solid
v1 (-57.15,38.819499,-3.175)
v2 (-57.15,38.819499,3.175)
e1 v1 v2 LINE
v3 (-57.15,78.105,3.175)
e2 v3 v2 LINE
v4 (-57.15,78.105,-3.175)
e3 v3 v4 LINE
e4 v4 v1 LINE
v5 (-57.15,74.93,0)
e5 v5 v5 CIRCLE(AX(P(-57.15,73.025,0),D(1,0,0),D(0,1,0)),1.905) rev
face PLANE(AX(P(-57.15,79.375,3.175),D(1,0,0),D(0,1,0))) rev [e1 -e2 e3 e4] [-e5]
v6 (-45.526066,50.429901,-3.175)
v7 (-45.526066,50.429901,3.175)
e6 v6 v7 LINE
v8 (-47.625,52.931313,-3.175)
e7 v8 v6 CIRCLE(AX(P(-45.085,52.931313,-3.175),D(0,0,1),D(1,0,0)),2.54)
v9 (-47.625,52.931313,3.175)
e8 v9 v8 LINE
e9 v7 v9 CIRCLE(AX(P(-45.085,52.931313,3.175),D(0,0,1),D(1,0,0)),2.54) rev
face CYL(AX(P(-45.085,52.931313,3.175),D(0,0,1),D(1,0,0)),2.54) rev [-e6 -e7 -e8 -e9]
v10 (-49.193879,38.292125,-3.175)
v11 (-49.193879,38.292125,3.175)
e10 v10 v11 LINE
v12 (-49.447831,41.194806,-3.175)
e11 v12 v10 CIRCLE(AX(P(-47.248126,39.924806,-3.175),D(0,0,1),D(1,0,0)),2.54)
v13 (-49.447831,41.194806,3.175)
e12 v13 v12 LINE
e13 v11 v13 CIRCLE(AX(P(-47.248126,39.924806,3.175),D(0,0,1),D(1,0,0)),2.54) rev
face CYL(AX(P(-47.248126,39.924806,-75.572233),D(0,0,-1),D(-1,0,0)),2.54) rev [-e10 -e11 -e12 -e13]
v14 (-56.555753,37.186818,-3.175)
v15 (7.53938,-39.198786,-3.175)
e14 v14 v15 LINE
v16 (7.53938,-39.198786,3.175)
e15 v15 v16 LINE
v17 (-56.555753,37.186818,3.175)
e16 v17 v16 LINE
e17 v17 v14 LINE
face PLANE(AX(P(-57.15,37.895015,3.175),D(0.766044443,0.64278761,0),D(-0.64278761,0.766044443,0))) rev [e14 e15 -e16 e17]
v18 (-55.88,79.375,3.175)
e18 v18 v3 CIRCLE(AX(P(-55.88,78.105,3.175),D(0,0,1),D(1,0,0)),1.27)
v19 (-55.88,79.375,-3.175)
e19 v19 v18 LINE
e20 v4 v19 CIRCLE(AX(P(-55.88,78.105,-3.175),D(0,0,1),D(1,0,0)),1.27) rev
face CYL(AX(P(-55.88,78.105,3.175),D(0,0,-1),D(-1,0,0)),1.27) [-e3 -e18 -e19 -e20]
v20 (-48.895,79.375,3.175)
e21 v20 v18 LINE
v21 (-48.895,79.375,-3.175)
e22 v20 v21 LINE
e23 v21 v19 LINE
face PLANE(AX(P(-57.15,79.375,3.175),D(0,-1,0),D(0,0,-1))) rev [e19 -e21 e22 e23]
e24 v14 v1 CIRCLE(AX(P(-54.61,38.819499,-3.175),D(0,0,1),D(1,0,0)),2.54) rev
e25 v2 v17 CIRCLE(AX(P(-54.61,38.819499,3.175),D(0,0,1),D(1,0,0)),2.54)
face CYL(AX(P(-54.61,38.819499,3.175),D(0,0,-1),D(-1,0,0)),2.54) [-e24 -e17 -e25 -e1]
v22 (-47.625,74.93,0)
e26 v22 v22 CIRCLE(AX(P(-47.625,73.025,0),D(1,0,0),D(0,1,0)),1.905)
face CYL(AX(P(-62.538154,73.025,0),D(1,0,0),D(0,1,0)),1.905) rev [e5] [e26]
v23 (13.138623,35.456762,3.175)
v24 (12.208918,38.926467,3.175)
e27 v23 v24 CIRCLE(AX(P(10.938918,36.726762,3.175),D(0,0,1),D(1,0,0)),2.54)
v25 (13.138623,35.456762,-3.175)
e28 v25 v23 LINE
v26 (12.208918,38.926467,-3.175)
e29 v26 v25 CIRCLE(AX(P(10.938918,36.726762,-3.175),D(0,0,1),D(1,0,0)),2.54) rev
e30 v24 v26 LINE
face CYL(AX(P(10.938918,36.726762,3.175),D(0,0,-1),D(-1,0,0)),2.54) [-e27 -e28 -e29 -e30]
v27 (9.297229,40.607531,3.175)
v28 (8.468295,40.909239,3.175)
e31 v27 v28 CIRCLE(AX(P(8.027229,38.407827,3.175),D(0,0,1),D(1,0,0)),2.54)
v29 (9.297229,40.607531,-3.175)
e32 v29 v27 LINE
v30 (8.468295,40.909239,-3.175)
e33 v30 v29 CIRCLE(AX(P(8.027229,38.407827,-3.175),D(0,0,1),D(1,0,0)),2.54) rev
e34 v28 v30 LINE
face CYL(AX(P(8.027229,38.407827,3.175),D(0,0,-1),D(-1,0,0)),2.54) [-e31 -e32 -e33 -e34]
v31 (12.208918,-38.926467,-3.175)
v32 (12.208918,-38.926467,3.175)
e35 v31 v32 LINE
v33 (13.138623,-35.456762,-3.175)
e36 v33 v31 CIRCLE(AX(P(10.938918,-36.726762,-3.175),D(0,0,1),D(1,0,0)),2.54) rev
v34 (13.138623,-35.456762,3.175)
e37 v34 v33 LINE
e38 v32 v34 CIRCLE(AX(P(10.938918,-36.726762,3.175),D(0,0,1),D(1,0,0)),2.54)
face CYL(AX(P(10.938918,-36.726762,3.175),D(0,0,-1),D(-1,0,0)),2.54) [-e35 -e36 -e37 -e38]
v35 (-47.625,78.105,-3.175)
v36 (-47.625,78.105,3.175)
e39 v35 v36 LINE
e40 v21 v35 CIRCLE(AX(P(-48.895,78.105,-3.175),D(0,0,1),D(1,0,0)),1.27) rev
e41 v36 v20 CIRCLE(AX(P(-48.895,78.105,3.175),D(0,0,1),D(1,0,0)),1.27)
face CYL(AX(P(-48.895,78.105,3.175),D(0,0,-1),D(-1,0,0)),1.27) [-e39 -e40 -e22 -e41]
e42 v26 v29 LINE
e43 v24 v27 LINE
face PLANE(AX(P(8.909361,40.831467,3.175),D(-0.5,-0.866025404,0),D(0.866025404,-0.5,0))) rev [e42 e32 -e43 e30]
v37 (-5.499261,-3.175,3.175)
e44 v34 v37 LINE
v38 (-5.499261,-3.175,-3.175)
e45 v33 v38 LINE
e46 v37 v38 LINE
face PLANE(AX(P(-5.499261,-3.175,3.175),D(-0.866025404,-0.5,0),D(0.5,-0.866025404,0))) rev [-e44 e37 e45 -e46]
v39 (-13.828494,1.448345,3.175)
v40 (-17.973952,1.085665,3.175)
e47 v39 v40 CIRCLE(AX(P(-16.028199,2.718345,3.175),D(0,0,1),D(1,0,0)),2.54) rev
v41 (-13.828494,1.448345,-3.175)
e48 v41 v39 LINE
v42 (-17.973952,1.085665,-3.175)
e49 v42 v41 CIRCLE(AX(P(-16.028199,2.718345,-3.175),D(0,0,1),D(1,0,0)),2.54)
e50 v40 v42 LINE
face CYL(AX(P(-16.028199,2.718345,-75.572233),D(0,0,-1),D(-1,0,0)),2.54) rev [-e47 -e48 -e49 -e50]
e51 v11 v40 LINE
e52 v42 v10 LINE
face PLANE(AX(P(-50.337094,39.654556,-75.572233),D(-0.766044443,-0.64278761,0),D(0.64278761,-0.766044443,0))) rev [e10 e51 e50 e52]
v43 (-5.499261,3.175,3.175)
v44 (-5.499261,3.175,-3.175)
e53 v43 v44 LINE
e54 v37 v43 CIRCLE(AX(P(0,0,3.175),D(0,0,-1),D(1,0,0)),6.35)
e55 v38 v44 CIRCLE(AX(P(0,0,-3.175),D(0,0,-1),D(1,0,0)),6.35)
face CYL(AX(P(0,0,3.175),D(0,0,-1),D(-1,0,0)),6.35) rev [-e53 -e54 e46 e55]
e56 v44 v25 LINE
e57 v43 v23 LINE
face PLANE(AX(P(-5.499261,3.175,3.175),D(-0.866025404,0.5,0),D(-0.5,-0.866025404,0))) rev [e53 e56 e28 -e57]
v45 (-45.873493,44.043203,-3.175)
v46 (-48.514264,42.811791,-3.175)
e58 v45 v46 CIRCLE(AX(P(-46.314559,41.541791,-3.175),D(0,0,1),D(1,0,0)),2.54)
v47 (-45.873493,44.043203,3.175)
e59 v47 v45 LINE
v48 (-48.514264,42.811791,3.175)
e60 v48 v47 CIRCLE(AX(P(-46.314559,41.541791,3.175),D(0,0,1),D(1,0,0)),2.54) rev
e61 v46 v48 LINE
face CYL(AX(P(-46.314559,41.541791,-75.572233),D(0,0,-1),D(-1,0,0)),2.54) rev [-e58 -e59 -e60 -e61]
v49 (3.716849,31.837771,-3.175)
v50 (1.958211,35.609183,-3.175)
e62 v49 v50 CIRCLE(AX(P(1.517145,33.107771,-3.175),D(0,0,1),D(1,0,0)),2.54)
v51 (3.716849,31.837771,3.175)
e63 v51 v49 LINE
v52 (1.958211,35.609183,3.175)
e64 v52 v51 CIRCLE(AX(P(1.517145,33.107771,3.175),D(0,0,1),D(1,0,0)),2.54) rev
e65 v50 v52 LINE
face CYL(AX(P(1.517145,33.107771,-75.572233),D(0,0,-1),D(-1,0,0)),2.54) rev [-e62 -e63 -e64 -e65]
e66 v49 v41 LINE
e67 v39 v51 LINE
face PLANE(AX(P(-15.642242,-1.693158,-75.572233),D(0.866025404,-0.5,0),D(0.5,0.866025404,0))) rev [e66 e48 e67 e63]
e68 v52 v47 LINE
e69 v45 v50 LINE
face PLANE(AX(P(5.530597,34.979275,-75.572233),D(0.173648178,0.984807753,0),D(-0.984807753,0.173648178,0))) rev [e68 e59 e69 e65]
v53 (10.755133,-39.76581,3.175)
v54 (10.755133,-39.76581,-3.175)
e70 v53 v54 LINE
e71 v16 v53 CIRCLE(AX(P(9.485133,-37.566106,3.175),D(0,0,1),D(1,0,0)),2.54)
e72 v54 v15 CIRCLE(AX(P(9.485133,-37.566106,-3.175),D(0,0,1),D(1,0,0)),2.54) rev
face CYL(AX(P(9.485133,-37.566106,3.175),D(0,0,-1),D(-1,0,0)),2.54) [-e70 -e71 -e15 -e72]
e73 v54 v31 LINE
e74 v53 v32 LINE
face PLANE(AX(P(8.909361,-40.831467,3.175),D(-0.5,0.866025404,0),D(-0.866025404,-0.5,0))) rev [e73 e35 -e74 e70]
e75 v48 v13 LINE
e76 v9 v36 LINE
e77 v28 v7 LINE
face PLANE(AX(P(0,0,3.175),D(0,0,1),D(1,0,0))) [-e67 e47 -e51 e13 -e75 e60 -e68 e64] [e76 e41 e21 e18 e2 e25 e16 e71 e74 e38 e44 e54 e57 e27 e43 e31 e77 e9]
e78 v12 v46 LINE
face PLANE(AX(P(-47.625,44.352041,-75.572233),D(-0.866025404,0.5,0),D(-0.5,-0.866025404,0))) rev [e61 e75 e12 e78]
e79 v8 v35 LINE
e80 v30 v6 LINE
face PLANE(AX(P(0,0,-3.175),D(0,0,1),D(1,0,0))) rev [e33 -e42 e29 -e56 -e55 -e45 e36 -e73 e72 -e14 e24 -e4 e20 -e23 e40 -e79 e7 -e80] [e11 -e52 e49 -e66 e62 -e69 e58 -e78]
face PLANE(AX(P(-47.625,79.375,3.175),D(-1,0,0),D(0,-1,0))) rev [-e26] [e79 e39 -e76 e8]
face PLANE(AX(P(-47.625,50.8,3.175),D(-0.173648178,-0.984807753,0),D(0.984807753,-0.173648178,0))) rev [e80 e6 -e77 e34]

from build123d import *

# Parameters (mm, degrees)
BOSS_EXTRUDE1_DEPTH = 3.175
SKETCH2_R           = 1.905
CUT_EXTRUDE1_DEPTH  = 9.525
CUT_EXTRUDE2_DEPTH  = 6.35
FILLET1_R           = 2.54
FILLET2_R           = 1.27


with BuildPart() as part:
    # Sketch1 → Boss-Extrude1 (new body, symmetric)
    with BuildSketch(Plane.XY):
        with BuildLine():
            Line((-5.499261314, 3.175), (14.408622788, 37.656466735))
            Line((14.408622788, 37.656466735), (8.909361473, 40.831466735))
            Line((8.909361473, 40.831466735), (-47.625, 50.8))
            Line((-47.625, 50.8), (-47.625, 79.375))
            Line((-47.625, 79.375), (-57.15, 79.375))
            Line((-57.15, 79.375), (-57.15, 37.895014625))
            Line((-57.15, 37.895014625), (8.909361473, -40.831466735))
            Line((8.909361473, -40.831466735), (14.408622788, -37.656466735))
            Line((14.408622788, -37.656466735), (-5.499261314, -3.175))
            ThreePointArc((-5.499261314, -3.175), (-6.35, 0), (-5.499261314, 3.175))
        make_face()
    extrude(amount=BOSS_EXTRUDE1_DEPTH, both=True)

    # Sketch2 → Cut-Extrude1 (cut)
    with BuildSketch(Plane(origin=(-47.625, 0, 0), x_dir=(0, 0, -1), z_dir=(1, 0, 0))):
        with Locations((0, 73.025)):
            Circle(SKETCH2_R)
    extrude(amount=-CUT_EXTRUDE1_DEPTH, mode=Mode.SUBTRACT)

    # Sketch3 → Cut-Extrude2 (cut)
    with BuildSketch(Plane.XY.offset(3.175)):
        Polygon((-47.625, 44.352041015), (-50.337094235, 39.654556005), (-15.642242309, -1.693158423), (5.530597046, 34.97927508), align=None)
    extrude(amount=-CUT_EXTRUDE2_DEPTH, mode=Mode.SUBTRACT)

    # Fillet1
    fillet1_edges = [part.edges().sort_by_distance(p)[0] for p in [
        (-47.625, 50.8, 0),
        (8.909361473, 40.831466735, 0),
        (14.408622788, 37.656466735, 0),
        (14.408622788, -37.656466735, 0),
        (8.909361473, -40.831466735, 0),
        (-57.15, 37.895014625, 0),
        (-47.625, 44.352041015, 0),
        (5.530597046, 34.97927508, 0),
        (-15.642242309, -1.693158423, 0),
        (-50.337094235, 39.654556005, 0),
    ]]
    fillet(fillet1_edges, radius=FILLET1_R)

    # Fillet2
    fillet2_edges = [part.edges().sort_by_distance(p)[0] for p in [
        (-57.15, 79.375, 0),
        (-47.625, 79.375, 0),
    ]]
    fillet(fillet2_edges, radius=FILLET2_R)


solid = part.part
